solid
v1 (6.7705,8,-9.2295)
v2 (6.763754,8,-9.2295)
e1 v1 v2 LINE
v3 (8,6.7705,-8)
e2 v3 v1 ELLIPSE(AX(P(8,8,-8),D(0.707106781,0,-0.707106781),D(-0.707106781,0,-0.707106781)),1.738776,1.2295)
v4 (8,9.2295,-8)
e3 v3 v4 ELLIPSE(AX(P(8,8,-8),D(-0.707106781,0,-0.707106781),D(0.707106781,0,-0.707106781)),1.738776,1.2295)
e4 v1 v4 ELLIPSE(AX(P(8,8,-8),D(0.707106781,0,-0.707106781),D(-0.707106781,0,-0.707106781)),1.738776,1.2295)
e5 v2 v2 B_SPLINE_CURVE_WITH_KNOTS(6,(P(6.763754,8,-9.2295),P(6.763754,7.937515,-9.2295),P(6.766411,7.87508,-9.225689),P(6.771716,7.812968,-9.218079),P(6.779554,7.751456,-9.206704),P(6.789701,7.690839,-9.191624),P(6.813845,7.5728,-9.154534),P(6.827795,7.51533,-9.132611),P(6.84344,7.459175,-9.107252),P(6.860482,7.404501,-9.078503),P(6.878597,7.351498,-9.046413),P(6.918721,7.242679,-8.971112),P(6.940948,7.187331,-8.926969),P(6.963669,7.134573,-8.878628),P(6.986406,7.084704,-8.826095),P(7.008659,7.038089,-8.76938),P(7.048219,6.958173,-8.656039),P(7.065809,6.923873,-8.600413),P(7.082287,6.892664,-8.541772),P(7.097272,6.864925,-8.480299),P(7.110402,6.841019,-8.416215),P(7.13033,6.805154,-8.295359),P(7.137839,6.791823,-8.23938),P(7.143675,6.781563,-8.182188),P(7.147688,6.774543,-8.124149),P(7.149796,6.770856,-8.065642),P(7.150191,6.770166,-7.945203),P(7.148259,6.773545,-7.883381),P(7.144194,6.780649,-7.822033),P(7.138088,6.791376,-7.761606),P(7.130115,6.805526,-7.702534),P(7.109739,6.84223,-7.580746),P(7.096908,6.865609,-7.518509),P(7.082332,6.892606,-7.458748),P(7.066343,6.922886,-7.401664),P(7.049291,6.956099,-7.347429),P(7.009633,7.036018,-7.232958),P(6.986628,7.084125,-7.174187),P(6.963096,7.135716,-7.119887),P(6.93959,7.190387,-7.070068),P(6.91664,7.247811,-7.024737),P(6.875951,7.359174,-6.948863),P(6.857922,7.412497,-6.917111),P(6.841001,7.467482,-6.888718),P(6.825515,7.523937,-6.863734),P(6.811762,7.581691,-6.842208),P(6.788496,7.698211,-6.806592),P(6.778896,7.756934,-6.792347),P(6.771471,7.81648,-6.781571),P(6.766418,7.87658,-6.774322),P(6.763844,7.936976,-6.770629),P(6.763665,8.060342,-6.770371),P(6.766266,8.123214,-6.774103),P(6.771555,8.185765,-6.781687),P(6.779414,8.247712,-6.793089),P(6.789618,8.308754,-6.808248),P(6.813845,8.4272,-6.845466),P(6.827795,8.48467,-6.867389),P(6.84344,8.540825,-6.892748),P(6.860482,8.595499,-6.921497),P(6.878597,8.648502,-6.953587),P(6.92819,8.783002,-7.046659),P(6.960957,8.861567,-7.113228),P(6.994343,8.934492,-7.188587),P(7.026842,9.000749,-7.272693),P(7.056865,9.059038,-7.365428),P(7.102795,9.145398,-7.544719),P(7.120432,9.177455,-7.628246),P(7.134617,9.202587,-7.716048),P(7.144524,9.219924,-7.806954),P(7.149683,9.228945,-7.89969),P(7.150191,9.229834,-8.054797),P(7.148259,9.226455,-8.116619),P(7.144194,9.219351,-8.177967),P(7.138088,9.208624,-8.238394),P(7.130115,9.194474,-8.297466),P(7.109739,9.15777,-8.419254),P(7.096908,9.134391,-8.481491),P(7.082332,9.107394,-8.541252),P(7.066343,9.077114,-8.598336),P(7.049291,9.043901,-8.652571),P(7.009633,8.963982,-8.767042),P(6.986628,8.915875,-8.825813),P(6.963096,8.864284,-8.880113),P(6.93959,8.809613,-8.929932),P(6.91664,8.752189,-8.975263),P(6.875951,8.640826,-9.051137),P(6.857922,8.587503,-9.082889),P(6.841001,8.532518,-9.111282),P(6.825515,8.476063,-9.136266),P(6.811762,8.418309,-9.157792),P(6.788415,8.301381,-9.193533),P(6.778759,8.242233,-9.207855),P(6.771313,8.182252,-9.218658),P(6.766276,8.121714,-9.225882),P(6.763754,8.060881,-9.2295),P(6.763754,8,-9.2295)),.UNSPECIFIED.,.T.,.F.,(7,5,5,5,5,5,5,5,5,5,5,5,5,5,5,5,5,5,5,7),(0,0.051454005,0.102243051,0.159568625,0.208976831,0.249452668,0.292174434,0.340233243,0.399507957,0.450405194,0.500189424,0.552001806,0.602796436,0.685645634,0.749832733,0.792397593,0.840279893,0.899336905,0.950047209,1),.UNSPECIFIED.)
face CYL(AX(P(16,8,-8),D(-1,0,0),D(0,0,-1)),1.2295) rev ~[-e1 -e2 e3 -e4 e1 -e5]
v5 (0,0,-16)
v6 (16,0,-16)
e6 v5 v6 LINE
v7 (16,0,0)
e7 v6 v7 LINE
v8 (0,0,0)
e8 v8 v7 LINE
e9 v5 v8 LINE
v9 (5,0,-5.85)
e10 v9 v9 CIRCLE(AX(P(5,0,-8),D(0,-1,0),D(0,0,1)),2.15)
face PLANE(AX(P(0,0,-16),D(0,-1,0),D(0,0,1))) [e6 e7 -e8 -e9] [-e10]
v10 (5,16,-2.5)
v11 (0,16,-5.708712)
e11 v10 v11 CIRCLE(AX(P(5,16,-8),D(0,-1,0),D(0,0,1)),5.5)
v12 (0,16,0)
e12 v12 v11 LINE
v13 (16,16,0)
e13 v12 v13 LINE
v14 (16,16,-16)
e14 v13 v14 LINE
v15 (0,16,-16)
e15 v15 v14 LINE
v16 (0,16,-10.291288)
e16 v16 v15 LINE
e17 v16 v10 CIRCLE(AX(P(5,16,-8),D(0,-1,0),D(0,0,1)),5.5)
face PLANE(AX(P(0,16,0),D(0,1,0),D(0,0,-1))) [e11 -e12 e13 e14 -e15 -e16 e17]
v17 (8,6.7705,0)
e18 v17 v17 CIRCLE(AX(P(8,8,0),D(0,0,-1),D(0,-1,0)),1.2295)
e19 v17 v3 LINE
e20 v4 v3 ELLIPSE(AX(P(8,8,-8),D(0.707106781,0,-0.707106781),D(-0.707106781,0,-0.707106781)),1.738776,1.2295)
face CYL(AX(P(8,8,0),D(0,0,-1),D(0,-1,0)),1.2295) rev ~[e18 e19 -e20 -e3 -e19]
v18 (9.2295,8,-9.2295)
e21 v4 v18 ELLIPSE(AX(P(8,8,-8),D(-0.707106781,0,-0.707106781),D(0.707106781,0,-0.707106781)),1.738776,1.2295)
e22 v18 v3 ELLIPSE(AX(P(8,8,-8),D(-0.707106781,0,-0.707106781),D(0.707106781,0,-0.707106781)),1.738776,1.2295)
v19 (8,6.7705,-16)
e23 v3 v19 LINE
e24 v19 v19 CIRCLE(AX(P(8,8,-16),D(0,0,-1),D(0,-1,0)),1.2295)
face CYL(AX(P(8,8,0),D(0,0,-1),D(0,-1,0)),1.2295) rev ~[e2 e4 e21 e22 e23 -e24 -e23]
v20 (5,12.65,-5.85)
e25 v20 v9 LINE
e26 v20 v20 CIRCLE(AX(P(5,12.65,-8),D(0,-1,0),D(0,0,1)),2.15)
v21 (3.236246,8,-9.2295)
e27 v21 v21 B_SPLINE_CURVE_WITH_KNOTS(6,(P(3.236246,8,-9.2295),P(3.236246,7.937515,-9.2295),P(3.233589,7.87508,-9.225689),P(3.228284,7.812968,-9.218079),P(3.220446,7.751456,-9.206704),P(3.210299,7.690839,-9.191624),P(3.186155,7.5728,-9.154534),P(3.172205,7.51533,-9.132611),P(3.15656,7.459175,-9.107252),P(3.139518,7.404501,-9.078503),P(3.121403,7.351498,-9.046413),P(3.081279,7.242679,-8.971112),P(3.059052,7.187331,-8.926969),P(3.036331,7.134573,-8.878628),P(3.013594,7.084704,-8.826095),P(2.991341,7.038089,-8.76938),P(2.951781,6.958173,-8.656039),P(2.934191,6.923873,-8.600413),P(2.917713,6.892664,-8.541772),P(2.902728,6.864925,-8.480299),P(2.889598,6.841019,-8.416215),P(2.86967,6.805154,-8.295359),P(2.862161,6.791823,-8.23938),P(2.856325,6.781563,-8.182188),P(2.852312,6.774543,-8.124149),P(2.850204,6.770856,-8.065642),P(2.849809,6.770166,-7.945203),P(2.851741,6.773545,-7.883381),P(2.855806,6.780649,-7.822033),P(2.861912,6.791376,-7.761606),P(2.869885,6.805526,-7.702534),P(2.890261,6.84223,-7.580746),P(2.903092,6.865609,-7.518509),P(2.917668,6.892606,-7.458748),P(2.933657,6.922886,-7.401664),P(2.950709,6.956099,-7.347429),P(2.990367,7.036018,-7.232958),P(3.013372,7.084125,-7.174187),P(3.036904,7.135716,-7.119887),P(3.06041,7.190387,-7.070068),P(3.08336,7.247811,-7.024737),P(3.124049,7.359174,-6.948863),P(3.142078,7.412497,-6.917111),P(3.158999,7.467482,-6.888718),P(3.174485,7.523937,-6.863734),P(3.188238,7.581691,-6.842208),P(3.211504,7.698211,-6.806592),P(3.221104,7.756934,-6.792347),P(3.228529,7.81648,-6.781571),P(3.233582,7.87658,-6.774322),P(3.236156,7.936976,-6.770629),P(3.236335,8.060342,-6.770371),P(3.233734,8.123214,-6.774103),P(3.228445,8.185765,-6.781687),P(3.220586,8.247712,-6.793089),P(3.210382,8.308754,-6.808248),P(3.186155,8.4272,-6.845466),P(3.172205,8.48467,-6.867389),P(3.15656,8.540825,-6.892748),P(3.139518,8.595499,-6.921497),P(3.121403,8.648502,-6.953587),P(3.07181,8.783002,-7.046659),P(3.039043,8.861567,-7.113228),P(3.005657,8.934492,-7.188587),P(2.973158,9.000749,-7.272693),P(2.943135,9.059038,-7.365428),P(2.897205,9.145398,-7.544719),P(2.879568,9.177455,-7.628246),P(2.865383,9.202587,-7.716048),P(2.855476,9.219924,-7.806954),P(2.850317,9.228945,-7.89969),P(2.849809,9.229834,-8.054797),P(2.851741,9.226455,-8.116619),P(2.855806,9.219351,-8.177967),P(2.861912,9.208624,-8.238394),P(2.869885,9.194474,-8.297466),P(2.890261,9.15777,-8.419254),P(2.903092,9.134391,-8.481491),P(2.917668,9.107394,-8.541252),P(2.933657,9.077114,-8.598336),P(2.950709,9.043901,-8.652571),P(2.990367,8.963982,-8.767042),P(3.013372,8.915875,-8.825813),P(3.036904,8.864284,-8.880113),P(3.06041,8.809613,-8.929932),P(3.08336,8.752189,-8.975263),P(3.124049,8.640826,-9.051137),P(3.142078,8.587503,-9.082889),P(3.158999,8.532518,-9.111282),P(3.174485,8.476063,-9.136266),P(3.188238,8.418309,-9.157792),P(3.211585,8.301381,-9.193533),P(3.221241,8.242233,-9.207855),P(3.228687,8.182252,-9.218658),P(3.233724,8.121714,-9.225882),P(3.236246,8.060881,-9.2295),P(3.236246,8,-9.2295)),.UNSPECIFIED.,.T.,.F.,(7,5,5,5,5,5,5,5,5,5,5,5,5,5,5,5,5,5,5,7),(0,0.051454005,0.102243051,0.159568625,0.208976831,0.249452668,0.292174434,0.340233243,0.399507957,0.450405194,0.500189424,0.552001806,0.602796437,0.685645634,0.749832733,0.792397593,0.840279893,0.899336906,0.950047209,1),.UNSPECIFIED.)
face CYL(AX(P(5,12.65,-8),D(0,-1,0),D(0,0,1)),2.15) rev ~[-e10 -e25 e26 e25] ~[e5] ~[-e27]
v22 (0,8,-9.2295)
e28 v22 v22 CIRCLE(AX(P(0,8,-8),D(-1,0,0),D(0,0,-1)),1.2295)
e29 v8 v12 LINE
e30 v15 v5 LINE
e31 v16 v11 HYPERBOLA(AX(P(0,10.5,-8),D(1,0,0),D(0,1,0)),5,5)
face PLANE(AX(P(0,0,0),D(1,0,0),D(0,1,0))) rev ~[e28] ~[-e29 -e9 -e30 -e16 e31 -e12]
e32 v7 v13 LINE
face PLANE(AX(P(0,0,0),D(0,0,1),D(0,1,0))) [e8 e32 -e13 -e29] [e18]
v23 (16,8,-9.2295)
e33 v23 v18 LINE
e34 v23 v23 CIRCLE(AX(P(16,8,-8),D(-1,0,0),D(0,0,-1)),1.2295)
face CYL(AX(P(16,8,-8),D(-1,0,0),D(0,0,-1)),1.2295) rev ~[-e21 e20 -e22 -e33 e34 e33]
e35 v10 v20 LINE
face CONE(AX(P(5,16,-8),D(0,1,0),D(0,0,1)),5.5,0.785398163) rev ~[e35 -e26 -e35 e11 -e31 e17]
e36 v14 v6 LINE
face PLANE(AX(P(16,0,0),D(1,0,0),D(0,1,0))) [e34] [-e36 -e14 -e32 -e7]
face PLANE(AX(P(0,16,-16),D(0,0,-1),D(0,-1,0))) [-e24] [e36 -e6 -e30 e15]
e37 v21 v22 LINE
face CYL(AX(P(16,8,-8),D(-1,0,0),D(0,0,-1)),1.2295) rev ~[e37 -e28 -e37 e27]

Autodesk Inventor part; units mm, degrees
ref_plane "YZ Plane" through (0, 0, 0) normal (1, 0, 0) x (0, 1, 0)
ref_plane "XZ Plane" through (0, 0, 0) normal (0, 1, 0) x (-1, 0, 0)
ref_plane "XY Plane" through (0, 0, 0) normal (0, 0, 1) x (1, 0, 0)
sketch "Skizze1" plane through (0, 0, 0) normal (1, 0, 0) x (0, 1, 0)
  line L0 (0, 0) -> (16, 0)
  line L1 (16, 0) -> (16, -16)
  line L2 (16, -16) -> (0, -16)
  line L3 (0, -16) -> (0, 0)
  dimension "d0" = 16
  dimension "d1" = 16
extrude "Extrusion1" add sketch "Skizze1" along normal blind 16
sketch "Skizze2" plane through (0, 16, 0) normal (0, 1, 0) x (1, 0, 0)
  line L0 (5, 8) -> (0, 8)
  line L1 (0, 16) -> (0, 0) projected
  dimension "d4" = 5
hole "Bohrung1" at (5, 16, -8) direction (0, -1, 0) diameter 4.3 end through all countersink diameter 11 countersink angle 90 clearance for "Flachkopfmaschinenschraube" size "M4" standard "ANSI Metrisches M Profil"
sketch "Skizze3" plane through (0, 0, 0) normal (0, 0, 1) x (1, 0, 0)
  line L0 (0, 16) -> (0, 0) projected
  line L1 (0, 8) -> (8, 8)
  dimension "d12" = 8
hole "Bohrung2" at (8, 8, 0) direction (0, 0, -1) diameter 2.459 end through all thread size "M3x0.5" class "6H" standard "ANSI Metric M Profile"
sketch "Skizze4" plane through (16, 0, 0) normal (1, 0, 0) x (0, 0, -1)
  line L0 (10.15, 0) -> (5.85, 0) projected
  line L1 (8, 0) -> (8, 8)
  point P0 (0, 0)
  dimension "d20" = 8
hole "Bohrung3" at (16, 8, -8) direction (-1, 0, 0) diameter 2.459 end through all thread size "M3x0.5" class "6H" standard "ANSI Metric M Profile"
properties part number "Frameblock" material "PC/ABS-Kunststoff, 3DDruck, PLA"
